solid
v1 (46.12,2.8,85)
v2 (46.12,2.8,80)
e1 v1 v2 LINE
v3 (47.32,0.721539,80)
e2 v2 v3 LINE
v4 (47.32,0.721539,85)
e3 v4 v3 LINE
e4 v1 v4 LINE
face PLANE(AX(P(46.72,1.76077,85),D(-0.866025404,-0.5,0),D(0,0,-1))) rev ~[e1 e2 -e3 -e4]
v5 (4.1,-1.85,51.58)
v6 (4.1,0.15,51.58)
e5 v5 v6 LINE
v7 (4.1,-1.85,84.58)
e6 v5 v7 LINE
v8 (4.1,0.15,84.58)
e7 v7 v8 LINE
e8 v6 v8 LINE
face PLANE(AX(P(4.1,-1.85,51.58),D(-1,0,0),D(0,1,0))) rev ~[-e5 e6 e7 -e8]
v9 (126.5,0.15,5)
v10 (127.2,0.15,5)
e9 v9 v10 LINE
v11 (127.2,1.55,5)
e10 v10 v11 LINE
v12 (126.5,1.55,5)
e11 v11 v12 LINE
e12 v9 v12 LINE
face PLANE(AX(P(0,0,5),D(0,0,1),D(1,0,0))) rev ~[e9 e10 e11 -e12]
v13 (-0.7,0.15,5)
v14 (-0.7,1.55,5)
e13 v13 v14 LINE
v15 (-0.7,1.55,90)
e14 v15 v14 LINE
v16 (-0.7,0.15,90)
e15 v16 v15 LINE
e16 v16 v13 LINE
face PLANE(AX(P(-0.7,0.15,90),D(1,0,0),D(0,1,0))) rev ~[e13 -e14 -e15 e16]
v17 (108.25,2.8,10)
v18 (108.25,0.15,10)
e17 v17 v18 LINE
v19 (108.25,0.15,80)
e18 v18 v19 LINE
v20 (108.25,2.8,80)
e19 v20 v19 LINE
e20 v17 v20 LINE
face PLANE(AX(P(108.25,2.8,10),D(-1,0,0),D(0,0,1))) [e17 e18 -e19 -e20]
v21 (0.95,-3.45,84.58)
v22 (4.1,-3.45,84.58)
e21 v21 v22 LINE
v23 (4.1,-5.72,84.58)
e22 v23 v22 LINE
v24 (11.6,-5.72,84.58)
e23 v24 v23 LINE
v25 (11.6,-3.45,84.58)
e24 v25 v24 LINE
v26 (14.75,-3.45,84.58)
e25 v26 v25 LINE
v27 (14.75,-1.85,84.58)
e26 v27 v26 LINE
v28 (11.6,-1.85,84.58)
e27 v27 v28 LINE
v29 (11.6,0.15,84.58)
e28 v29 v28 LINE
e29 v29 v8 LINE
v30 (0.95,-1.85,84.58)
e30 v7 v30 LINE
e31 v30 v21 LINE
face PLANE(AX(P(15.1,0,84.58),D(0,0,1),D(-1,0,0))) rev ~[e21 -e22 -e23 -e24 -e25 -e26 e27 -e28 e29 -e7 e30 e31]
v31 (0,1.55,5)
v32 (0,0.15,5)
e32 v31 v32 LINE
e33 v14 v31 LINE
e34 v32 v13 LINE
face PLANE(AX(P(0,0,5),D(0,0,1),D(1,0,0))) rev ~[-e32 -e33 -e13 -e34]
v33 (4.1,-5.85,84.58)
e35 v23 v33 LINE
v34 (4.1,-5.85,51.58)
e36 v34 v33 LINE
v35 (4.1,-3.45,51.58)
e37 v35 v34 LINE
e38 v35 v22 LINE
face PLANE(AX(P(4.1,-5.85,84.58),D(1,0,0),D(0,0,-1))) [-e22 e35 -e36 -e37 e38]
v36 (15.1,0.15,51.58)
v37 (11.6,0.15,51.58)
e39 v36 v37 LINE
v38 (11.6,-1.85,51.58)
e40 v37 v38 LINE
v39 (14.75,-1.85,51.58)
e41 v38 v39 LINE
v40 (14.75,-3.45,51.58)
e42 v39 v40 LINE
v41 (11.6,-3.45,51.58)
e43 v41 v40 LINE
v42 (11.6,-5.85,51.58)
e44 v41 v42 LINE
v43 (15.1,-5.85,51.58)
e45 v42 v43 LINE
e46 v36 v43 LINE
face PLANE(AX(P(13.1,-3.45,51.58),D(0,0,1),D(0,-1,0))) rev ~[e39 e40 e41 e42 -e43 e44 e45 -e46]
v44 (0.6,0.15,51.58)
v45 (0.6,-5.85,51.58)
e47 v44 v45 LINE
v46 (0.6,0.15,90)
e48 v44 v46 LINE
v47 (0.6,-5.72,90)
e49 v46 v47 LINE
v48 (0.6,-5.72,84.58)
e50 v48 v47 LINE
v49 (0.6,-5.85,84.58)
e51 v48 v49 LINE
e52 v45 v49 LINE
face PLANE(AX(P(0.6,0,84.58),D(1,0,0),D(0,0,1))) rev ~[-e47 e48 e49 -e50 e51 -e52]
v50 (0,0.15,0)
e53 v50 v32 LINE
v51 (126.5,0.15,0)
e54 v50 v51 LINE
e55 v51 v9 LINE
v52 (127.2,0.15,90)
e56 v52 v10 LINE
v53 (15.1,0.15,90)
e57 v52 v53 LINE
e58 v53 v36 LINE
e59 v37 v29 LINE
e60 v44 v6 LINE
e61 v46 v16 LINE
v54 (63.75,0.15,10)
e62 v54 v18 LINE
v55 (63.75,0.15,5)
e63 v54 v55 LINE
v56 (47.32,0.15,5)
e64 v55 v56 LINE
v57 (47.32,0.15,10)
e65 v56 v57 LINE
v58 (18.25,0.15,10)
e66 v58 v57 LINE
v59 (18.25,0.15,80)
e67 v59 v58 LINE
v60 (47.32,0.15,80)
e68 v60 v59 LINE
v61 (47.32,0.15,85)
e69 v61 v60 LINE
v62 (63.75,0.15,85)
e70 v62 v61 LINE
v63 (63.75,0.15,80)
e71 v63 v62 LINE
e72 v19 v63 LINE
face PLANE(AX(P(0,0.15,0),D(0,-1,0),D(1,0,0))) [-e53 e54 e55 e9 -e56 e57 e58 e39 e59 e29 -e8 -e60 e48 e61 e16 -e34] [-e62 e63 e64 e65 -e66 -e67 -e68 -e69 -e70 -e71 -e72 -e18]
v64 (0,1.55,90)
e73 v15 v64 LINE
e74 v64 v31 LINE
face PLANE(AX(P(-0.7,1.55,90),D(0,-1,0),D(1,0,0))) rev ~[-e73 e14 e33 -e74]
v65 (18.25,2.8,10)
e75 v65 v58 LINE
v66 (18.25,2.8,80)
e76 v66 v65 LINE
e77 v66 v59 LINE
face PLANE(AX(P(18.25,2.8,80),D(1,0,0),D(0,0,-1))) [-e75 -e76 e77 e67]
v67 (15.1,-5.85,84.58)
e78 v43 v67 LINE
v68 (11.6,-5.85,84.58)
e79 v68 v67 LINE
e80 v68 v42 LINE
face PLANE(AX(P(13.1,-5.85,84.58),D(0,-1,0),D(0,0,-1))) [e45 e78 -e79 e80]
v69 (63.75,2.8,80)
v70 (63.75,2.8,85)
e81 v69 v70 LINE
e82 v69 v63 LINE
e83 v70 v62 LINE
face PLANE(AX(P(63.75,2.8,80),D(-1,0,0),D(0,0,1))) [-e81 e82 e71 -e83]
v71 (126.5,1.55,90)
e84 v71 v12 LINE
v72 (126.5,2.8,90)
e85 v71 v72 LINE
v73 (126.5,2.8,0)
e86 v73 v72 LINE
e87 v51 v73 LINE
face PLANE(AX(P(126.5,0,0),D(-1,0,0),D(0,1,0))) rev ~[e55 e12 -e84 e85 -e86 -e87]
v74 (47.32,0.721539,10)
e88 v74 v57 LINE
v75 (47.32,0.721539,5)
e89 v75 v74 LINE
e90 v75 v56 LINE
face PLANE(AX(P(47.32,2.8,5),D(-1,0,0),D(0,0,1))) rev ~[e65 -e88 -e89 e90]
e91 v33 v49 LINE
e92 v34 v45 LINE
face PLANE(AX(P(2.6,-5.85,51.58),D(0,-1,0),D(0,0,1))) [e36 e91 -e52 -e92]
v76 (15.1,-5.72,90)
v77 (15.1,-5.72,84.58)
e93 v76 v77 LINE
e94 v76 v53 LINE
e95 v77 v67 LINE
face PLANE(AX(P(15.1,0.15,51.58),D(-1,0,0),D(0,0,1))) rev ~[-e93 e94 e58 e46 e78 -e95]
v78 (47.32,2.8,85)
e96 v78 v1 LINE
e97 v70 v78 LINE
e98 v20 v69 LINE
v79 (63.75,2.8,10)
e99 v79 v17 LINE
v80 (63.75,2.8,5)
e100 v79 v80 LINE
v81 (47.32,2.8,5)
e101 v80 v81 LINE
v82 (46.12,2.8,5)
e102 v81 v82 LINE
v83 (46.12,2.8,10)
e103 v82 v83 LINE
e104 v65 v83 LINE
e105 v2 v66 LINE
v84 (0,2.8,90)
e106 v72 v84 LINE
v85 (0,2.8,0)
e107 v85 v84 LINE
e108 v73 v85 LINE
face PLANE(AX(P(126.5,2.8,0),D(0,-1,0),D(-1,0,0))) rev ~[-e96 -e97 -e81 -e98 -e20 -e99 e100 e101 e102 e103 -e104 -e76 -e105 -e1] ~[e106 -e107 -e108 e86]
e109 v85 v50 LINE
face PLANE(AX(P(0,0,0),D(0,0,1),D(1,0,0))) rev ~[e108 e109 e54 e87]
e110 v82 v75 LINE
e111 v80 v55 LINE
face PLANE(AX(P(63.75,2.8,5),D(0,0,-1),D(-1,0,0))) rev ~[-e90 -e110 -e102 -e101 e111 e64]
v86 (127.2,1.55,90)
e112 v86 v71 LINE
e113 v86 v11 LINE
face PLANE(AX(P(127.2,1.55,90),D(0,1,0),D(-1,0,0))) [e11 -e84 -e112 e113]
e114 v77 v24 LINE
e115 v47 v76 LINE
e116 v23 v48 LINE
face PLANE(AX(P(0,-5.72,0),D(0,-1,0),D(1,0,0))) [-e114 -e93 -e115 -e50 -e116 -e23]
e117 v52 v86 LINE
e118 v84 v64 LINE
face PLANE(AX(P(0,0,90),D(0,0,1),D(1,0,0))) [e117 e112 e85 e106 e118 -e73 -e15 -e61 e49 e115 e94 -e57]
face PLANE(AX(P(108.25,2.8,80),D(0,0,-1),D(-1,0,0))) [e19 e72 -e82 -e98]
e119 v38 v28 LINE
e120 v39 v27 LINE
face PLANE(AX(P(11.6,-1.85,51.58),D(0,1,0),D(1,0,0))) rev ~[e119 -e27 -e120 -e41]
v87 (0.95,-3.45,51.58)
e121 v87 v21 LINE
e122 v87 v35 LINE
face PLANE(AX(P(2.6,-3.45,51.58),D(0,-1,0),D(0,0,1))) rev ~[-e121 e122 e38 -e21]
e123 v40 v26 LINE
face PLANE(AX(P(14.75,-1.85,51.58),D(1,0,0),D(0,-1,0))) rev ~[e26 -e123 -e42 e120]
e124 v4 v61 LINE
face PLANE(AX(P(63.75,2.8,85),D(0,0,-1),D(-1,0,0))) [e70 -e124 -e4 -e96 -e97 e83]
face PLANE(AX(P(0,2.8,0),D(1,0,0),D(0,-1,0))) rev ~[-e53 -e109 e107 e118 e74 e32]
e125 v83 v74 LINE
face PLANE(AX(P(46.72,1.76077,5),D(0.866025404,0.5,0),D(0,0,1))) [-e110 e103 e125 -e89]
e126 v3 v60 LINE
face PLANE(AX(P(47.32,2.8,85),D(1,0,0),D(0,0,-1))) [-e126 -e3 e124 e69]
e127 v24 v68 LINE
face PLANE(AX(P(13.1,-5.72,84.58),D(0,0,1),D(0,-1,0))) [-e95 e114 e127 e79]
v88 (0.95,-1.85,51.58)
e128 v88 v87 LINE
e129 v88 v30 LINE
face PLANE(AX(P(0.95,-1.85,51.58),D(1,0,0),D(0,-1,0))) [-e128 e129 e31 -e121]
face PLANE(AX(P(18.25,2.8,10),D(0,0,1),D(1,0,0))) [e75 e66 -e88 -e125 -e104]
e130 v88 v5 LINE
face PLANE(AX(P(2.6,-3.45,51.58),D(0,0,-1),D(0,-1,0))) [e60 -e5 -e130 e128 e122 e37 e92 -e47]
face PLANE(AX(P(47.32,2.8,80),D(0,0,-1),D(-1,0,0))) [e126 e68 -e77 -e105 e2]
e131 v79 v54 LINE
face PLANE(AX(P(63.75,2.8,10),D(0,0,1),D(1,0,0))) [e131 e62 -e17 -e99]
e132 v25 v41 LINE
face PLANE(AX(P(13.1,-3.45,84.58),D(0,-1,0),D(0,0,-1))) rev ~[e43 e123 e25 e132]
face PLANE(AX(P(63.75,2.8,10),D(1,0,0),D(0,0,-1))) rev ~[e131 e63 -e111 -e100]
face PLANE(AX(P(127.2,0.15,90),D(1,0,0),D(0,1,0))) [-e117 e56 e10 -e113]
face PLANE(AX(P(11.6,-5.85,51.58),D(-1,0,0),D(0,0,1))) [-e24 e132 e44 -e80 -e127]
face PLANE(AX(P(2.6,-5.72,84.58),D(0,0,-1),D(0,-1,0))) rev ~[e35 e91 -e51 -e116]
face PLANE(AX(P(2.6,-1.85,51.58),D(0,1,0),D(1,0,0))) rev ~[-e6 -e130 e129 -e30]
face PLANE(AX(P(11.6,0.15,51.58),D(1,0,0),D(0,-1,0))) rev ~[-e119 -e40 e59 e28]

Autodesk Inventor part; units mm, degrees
ref_plane "YZ Plane" through (0, 0, 0) normal (1, 0, 0) x (0, 1, 0)
ref_plane "XZ Plane" through (0, 0, 0) normal (0, 1, 0) x (-1, 0, 0)
ref_plane "XY Plane" through (0, 0, 0) normal (0, 0, 1) x (1, 0, 0)
sketch "Sketch1" plane through (0, 0, 0) normal (0, 0, 1) x (1, 0, 0)
  line L0 (0, 0) -> (126.5, 0)
  line L1 (126.5, 0) -> (126.5, 2.8)
  line L2 (126.5, 2.8) -> (0, 2.8)
  line L3 (0, 2.8) -> (0, 0)
  dimension "d0" = 126.5
  dimension "d1" = 2.8
extrude "Extrusion1" add sketch "Sketch1" along normal blind 90
sketch "Sketch2" plane through (0, 0, 90) normal (0, 0, 1) x (1, 0, 0)
  line L0 (126.5, 0) -> (126.5, 2.8) projected
  line L1 (0, 2.8) -> (0, 0) projected
  line L2 (126.5, 0.15) -> (127.2, 0.15)
  line L3 (127.2, 0.15) -> (127.2, 1.55)
  line L4 (127.2, 1.55) -> (126.5, 1.55)
  line L5 (126.5, 1.55) -> (126.5, 0.15)
  line L6 (0, 0.15) -> (-0.7, 0.15)
  line L7 (-0.7, 0.15) -> (-0.7, 1.55)
  line L8 (-0.7, 1.55) -> (0, 1.55)
  line L9 (0, 1.55) -> (0, 0.15)
  line L10 (126.5, 2.8) -> (0, 2.8) projected
  dimension "d4" = 0.7
  dimension "d5" = 1.4
  dimension "d6" = 0.7
  dimension "d7" = 1.4
  dimension "d17" = 1.25
  dimension "d18" = 1.25
extrude "Extrusion2" add sketch "Sketch2" against normal blind 85
sketch "Sketch3" plane through (0, 0, 0) normal (0, -1, 0) x (1, 0, 0)
  line L0 (0, 90) -> (126.5, 90) projected
  line L1 (0, 0) -> (0, 90) projected
  line L2 (0.6, 90) -> (15.1, 90)
  line L3 (15.1, 90) -> (15.1, 84.58)
  line L4 (15.1, 84.58) -> (0.6, 84.58)
  line L5 (0.6, 84.58) -> (0.6, 90)
  dimension "d12" = 14.5
  dimension "d13" = 5.42
  dimension "d14" = 0.6
extrude "Extrusion3" add sketch "Sketch3" along normal blind 5.72
sketch "Sketch4" plane through (0, 0, 0) normal (0, -1, 0) x (1, 0, 0)
  line L0 (15.1, 90) -> (15.1, 84.58) projected
  line L1 (15.1, 84.58) -> (0.6, 84.58) projected
  line L2 (0.6, 84.58) -> (0.6, 90) projected
  line L3 (0, 90) -> (0.6, 90) projected
  line L4 (0, 0) -> (0, 90) projected
  line L5 (0, 0) -> (126.5, 0) projected
  line L6 (126.5, 0) -> (126.5, 90) projected
  line L7 (15.1, 90) -> (126.5, 90) projected
extrude "Extrusion4" cut sketch "Sketch4" against normal blind 0.15
sketch "Sketch5" plane through (0, 0.15, 0) normal (0, -1, 0) x (1, 0, 0)
  line L0 (0.6, 84.58) -> (15.1, 84.58) projected
  line L1 (0.6, 84.58) -> (2.6, 84.58)
  line L2 (2.6, 84.58) -> (2.6, 51.58)
  line L3 (2.6, 51.58) -> (0.6, 51.58)
  line L4 (0.6, 51.58) -> (0.6, 84.58)
  line L5 (15.1, 84.58) -> (13.1, 84.58)
  line L6 (13.1, 84.58) -> (13.1, 51.58)
  line L7 (13.1, 51.58) -> (15.1, 51.58)
  line L8 (15.1, 51.58) -> (15.1, 84.58)
  dimension "d21" = 33
  dimension "d22" = 2
  dimension "d23" = 2
  dimension "d24" = 10.5
extrude "Extrusion5" add sketch "Sketch5" along normal blind 6
sketch "Sketch6" plane through (2.6, 0.15, 51.58) normal (0, 0, -1) x (-1, 0, 0)
  line L0 (0, 0) -> (0, -6) projected
  line L1 (2, -6) -> (0, -6) projected
  line L2 (0, -2) -> (-1.5, -2)
  line L3 (-1.5, -2) -> (-1.5, 0)
  line L4 (-1.5, 0) -> (0, 0)
  line L5 (0, 0) -> (0, -2)
  point P0 (2.6, -0.15)
  dimension "d27" = 4
  dimension "d28" = 2
  dimension "d29" = 1.5
extrude "Extrusion6" add sketch "Sketch6" against normal blind 33
sketch "Sketch7" plane through (2.6, -5.85, 51.58) normal (0, 0, -1) x (-1, 0, 0)
  line L0 (0, 4) -> (1.65, 4)
  line L1 (1.65, 4) -> (1.65, 2.4)
  line L2 (1.65, 2.4) -> (0, 2.4)
  line L3 (0, 2.4) -> (0, 4)
  point P0 (2.6, 5.85)
  dimension "d32" = 1.65
  dimension "d33" = 1.6
extrude "Extrusion7" cut sketch "Sketch7" against normal blind 33
sketch "Sketch8" plane through (15.1, 0.15, 51.58) normal (0, 0, -1) x (-1, 0, 0)
  line L0 (2, 0) -> (3.5, 0)
  line L1 (3.5, 0) -> (3.5, -2)
  line L2 (3.5, -2) -> (2, -2)
  line L3 (2, -2) -> (2, 0)
  point P0 (15.1, -0.15)
  dimension "d36" = 1.5
  dimension "d37" = 2
extrude "Extrusion8" add sketch "Sketch8" against normal blind 33
sketch "Sketch9" plane through (15.1, -5.85, 51.58) normal (0, 0, -1) x (-1, 0, 0)
  line L0 (2, 4) -> (0.35, 4)
  line L1 (0.35, 4) -> (0.35, 2.4)
  line L2 (0.35, 2.4) -> (2, 2.4)
  line L3 (2, 2.4) -> (2, 4)
  point P0 (15.1, 5.85)
  dimension "d40" = 1.65
  dimension "d41" = 1.6
extrude "Extrusion9" cut sketch "Sketch9" against normal blind 33
sketch "Sketch10" plane through (13.1, -5.85, 51.58) normal (-1, 0, 0) x (0, 0, 1)
  line L0 (33, 2.4) -> (0, 2.4) projected
  line L1 (0, 2.4) -> (0, 0) projected
  line L2 (33, 0) -> (0, 0) projected
  line L3 (33, 0.13) -> (33, 0) projected
  line L4 (33, 2.4) -> (33, 0.13) projected
  point P0 (-51.58, 5.85)
extrude "Extrusion10" add sketch "Sketch10" along normal blind 1.5
sketch "Sketch11" plane through (2.6, -5.85, 84.58) normal (1, 0, 0) x (0, 0, -1)
  line L0 (33, 2.4) -> (0, 2.4) projected
  line L1 (0, 0.13) -> (0, 2.4) projected
  line L2 (0, 0.13) -> (0, 0) projected
  line L3 (33, 0) -> (0, 0) projected
  line L4 (33, 2.4) -> (33, 0) projected
  point P0 (84.58, 5.85)
extrude "Extrusion11" add sketch "Sketch11" along normal blind 1.5
sketch "Sketch12" plane through (0, 2.8, 0) normal (0, 1, 0) x (1, 0, 0)
  line L0 (18.25, -10) -> (108.25, -10)
  line L1 (108.25, -10) -> (108.25, -80)
  line L2 (108.25, -80) -> (18.25, -80)
  line L3 (18.25, -80) -> (18.25, -10)
  line L4 (126.5, 0) -> (0, 0) projected
  line L5 (0, 0) -> (0, -90) projected
  line L6 (126.5, -90) -> (0, -90) projected
  line L7 (126.5, 0) -> (126.5, -90) projected
  line L8 (47.32, -80) -> (63.75, -80)
  line L9 (63.75, -80) -> (63.75, -85)
  line L10 (63.75, -85) -> (47.32, -85)
  line L11 (47.32, -85) -> (47.32, -80)
  line L12 (47.32, -10) -> (63.75, -10)
  line L13 (63.75, -10) -> (63.75, -5)
  line L14 (63.75, -5) -> (47.32, -5)
  line L15 (47.32, -5) -> (47.32, -10)
  dimension "d51" = 90
  dimension "d52" = 70
  dimension "d55" = 18.25
  dimension "d56" = 18.25
  dimension "d57" = 10
  dimension "d58" = 10
  dimension "d59" = 16.43
  dimension "d60" = 5
  dimension "d61" = 29.07
  dimension "d67" = 5
  dimension "d68" = 29.07
extrude "Extrusion13" cut sketch "Sketch12" against normal up to next contours L0 L1 L2 L3 | L15 L14 L13 L0 | L2 L9 L10 L11
chamfer "Chamfer1" distance 1.2 angle 60 1 edges at (47.32, 2.8, 82.5) measured on face at (6.0833, 2.8, 56.6667)
chamfer "Chamfer2" distance 1.2 angle 60 1 edges at (47.32, 2.8, 7.5) measured on face at (6.0833, 2.8, 56.6667)
properties part number "Bovenplaat Frame 2.3"
